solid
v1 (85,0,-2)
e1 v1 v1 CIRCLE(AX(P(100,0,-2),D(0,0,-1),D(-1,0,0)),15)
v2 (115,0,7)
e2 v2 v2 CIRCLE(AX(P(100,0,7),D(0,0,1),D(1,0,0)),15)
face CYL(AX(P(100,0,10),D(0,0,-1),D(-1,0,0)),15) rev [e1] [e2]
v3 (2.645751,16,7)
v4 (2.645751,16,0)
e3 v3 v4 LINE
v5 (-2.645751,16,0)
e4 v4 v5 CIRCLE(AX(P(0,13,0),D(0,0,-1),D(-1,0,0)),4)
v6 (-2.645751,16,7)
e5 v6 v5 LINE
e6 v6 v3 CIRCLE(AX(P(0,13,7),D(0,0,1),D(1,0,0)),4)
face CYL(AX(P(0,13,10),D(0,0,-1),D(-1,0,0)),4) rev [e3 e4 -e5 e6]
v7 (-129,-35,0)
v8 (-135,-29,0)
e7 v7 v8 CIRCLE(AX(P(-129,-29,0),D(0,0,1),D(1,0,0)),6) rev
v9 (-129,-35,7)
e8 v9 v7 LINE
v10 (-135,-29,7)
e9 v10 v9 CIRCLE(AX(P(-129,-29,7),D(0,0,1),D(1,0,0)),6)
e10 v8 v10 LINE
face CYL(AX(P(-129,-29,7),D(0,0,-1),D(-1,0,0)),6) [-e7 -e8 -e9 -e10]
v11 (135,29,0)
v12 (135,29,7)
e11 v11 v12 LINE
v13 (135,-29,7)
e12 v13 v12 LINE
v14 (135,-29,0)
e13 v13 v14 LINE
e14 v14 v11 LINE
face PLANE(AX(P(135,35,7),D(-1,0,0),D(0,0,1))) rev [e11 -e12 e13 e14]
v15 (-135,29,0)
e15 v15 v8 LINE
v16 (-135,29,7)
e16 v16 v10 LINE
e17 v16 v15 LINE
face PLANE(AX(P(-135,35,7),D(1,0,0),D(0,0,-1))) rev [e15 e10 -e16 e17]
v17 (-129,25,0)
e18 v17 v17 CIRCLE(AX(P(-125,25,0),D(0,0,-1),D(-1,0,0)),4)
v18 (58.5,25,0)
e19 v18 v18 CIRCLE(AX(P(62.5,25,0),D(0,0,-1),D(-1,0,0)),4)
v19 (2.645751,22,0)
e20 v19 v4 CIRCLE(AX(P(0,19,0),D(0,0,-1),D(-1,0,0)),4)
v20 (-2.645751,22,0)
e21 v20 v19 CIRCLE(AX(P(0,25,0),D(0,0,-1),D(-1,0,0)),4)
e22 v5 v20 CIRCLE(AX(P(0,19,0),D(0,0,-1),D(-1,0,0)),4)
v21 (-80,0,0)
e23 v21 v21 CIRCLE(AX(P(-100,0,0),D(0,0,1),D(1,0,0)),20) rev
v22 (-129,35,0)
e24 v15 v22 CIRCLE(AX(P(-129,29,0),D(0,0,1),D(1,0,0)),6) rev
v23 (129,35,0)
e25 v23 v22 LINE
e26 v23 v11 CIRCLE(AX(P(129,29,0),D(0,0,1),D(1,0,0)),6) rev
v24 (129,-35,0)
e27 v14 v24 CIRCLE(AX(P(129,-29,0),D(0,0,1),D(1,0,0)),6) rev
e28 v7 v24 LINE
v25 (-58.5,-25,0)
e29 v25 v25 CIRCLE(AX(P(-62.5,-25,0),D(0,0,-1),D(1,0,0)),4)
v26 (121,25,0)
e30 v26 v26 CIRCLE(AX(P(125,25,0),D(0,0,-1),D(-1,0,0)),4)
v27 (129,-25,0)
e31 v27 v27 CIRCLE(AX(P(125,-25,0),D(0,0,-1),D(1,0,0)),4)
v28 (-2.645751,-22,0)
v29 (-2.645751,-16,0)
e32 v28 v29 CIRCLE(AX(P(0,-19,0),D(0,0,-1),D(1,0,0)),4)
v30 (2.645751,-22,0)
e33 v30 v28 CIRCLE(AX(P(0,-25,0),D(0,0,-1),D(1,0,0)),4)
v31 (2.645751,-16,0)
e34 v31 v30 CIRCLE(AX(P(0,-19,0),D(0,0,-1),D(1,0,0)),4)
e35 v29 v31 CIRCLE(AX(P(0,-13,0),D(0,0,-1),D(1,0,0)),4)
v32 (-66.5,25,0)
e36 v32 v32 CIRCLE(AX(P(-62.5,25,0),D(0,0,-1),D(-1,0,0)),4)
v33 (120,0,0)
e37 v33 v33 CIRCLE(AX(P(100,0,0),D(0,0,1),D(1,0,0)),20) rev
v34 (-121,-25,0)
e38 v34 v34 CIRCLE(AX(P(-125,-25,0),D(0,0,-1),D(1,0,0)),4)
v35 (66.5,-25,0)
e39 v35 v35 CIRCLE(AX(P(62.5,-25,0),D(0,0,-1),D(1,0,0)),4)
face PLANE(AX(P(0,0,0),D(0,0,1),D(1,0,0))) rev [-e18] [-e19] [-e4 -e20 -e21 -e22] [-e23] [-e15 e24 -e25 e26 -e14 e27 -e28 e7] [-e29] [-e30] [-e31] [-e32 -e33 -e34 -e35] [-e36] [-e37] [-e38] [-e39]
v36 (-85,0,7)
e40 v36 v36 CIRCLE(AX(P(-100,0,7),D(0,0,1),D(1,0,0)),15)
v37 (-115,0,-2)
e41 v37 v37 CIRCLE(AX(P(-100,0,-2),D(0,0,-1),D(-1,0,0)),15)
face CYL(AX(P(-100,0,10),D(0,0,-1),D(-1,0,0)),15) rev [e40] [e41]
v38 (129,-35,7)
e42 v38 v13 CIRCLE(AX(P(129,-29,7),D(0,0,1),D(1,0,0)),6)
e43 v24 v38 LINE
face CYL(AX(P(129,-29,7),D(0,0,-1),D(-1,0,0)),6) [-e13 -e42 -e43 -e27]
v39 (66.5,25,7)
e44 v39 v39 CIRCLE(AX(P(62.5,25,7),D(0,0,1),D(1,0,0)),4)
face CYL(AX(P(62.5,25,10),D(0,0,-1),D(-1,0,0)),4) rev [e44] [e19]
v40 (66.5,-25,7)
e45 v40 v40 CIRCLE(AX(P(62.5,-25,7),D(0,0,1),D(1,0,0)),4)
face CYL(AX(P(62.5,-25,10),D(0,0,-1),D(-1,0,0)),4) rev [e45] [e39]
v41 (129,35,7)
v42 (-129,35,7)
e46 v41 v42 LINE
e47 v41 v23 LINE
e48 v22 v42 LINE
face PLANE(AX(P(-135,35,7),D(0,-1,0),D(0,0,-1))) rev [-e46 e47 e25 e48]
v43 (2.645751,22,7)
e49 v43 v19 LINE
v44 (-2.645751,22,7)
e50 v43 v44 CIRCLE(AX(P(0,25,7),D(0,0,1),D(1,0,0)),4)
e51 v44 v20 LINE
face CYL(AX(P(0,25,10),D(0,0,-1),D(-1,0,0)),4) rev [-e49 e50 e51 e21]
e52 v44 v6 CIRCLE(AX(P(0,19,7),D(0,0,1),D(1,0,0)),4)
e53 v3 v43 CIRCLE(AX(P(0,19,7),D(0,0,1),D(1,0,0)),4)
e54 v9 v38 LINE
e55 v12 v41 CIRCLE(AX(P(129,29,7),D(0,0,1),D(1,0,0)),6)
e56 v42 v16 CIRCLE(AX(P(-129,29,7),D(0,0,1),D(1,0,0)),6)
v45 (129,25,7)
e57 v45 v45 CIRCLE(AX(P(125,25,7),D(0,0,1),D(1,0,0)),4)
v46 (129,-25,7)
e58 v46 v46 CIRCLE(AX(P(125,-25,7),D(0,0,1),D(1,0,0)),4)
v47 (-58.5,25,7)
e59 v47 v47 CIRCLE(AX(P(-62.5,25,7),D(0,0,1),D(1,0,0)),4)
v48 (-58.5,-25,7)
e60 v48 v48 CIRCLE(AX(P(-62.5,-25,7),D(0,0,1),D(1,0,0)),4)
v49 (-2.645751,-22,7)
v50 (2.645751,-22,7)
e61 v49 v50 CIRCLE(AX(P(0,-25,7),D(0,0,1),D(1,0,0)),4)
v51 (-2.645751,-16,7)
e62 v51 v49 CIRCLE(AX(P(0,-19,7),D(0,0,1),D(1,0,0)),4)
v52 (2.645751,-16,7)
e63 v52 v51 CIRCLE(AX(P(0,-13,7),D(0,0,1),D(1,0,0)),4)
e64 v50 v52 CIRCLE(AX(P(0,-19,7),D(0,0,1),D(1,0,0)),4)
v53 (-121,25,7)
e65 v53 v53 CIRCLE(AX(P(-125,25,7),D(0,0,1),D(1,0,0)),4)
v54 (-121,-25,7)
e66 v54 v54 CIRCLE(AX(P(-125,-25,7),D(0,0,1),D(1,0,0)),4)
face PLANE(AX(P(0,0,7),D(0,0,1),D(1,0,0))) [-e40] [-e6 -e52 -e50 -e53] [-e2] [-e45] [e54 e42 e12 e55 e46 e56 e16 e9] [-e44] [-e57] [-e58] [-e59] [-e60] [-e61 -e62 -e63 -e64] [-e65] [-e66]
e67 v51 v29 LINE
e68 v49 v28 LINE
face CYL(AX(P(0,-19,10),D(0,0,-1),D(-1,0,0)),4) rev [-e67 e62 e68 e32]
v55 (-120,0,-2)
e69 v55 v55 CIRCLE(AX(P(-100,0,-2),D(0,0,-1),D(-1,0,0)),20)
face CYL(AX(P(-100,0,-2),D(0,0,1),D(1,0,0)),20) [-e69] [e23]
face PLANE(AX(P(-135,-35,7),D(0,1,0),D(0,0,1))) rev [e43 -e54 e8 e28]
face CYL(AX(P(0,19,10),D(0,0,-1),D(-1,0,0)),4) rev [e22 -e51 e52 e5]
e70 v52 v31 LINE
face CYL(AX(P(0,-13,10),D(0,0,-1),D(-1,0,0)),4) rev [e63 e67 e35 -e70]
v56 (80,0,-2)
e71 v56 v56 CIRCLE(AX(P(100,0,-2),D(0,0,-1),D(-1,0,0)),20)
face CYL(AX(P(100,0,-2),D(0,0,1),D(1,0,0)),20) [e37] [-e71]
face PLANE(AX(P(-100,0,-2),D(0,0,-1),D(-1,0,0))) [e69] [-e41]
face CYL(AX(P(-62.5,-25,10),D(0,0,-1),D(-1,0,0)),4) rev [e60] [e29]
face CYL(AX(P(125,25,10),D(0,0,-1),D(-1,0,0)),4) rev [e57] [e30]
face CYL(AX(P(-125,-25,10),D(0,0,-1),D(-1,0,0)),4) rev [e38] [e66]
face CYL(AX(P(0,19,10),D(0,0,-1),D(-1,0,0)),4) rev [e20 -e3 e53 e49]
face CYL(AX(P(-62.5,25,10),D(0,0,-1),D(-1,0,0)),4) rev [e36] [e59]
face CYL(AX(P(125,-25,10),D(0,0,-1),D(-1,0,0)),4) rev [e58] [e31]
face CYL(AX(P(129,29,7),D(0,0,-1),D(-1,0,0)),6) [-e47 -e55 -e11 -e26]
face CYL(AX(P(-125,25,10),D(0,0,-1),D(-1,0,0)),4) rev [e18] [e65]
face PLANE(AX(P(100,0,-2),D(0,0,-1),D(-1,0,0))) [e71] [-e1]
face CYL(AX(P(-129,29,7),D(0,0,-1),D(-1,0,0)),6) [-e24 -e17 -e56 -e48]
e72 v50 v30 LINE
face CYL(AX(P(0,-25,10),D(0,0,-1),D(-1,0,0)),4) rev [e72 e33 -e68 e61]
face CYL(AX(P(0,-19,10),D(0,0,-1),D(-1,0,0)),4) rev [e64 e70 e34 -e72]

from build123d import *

# Parameters (mm, degrees)
SKETCH1_W           = 270
SKETCH1_H           = 70
BOSS_EXTRUDE1_DEPTH = 7
FILLET1_R           = 6
SKETCH2_R           = 15
SKETCH2_R_2         = 4
CUT_EXTRUDE1_DEPTH  = 10
BOSS_EXTRUDE2_START = 2
SKETCH3_R           = 20
SKETCH3_R_2         = 15
BOSS_EXTRUDE2_DEPTH = 2


with BuildPart() as part:
    # Sketch1 → Boss-Extrude1 (new body)
    with BuildSketch(Plane.XY):
        Rectangle(SKETCH1_W, SKETCH1_H)
    extrude(amount=BOSS_EXTRUDE1_DEPTH)

    # Fillet1
    fillet1_edges = [part.edges().sort_by_distance(p)[0] for p in [
        (135, -35, 3.5),
        (-135, -35, 3.5),
        (-135, 35, 3.5),
        (135, 35, 3.5),
    ]]
    fillet(fillet1_edges, radius=FILLET1_R)

    # Sketch2 → Cut-Extrude1 (cut)
    with BuildSketch(Plane(origin=(0, 0, 0), x_dir=(-1, 0, 0), z_dir=(0, 0, -1))):
        with Locations((-100, 0)):
            Circle(SKETCH2_R)
        with Locations((100, 0)):
            Circle(SKETCH2_R)
        with Locations((125, 25)):
            Circle(SKETCH2_R_2)
        with Locations((62.5, 25)):
            Circle(SKETCH2_R_2)
        with Locations((-62.5, 25)):
            Circle(SKETCH2_R_2)
        with Locations((-125, 25)):
            Circle(SKETCH2_R_2)
        with Locations(Location((-125, -25, 0), (0, 0, 180))):
            Circle(SKETCH2_R_2)
        with Locations(Location((-62.5, -25, 0), (0, 0, 180))):
            Circle(SKETCH2_R_2)
        with Locations(Location((62.5, -25, 0), (0, 0, 180))):
            Circle(SKETCH2_R_2)
        with Locations(Location((125, -25, 0), (0, 0, 180))):
            Circle(SKETCH2_R_2)
        with BuildLine():
            ThreePointArc((2.645751311, 22), (0, 29), (-2.645751311, 22))
            ThreePointArc((-2.645751311, 22), (-4, 19), (-2.645751311, 16))
            ThreePointArc((-2.645751311, 16), (0, 9), (2.645751311, 16))
            ThreePointArc((2.645751311, 16), (4, 19), (2.645751311, 22))
        make_face()
        with BuildLine():
            ThreePointArc((2.645751311, -22), (0, -29), (-2.645751311, -22))
            ThreePointArc((-2.645751311, -22), (-4, -19), (-2.645751311, -16))
            ThreePointArc((-2.645751311, -16), (0, -9), (2.645751311, -16))
            ThreePointArc((2.645751311, -16), (4, -19), (2.645751311, -22))
        make_face()
    extrude(amount=-CUT_EXTRUDE1_DEPTH, mode=Mode.SUBTRACT)

    # Sketch3 → Boss-Extrude2 (add)
    # profile 1 of 2: a face of its own
    with BuildSketch(Plane(origin=(0, 0, 0), x_dir=(-1, 0, 0), z_dir=(0, 0, -1)).offset(BOSS_EXTRUDE2_START)):
        with Locations(Location((-100, 0, 0), (0, 0, 180))):
            Circle(SKETCH3_R)
        with Locations((-100, 0)):
            Circle(SKETCH3_R_2, mode=Mode.SUBTRACT)
    # profile 2 of 2: a face of its own
    with BuildSketch(Plane(origin=(0, 0, 0), x_dir=(-1, 0, 0), z_dir=(0, 0, -1)).offset(BOSS_EXTRUDE2_START)):
        with Locations(Location((100, 0, 0), (0, 0, 180))):
            Circle(SKETCH3_R)
        with Locations((100, 0)):
            Circle(SKETCH3_R_2, mode=Mode.SUBTRACT)
    extrude(amount=-BOSS_EXTRUDE2_DEPTH)


solid = part.part
